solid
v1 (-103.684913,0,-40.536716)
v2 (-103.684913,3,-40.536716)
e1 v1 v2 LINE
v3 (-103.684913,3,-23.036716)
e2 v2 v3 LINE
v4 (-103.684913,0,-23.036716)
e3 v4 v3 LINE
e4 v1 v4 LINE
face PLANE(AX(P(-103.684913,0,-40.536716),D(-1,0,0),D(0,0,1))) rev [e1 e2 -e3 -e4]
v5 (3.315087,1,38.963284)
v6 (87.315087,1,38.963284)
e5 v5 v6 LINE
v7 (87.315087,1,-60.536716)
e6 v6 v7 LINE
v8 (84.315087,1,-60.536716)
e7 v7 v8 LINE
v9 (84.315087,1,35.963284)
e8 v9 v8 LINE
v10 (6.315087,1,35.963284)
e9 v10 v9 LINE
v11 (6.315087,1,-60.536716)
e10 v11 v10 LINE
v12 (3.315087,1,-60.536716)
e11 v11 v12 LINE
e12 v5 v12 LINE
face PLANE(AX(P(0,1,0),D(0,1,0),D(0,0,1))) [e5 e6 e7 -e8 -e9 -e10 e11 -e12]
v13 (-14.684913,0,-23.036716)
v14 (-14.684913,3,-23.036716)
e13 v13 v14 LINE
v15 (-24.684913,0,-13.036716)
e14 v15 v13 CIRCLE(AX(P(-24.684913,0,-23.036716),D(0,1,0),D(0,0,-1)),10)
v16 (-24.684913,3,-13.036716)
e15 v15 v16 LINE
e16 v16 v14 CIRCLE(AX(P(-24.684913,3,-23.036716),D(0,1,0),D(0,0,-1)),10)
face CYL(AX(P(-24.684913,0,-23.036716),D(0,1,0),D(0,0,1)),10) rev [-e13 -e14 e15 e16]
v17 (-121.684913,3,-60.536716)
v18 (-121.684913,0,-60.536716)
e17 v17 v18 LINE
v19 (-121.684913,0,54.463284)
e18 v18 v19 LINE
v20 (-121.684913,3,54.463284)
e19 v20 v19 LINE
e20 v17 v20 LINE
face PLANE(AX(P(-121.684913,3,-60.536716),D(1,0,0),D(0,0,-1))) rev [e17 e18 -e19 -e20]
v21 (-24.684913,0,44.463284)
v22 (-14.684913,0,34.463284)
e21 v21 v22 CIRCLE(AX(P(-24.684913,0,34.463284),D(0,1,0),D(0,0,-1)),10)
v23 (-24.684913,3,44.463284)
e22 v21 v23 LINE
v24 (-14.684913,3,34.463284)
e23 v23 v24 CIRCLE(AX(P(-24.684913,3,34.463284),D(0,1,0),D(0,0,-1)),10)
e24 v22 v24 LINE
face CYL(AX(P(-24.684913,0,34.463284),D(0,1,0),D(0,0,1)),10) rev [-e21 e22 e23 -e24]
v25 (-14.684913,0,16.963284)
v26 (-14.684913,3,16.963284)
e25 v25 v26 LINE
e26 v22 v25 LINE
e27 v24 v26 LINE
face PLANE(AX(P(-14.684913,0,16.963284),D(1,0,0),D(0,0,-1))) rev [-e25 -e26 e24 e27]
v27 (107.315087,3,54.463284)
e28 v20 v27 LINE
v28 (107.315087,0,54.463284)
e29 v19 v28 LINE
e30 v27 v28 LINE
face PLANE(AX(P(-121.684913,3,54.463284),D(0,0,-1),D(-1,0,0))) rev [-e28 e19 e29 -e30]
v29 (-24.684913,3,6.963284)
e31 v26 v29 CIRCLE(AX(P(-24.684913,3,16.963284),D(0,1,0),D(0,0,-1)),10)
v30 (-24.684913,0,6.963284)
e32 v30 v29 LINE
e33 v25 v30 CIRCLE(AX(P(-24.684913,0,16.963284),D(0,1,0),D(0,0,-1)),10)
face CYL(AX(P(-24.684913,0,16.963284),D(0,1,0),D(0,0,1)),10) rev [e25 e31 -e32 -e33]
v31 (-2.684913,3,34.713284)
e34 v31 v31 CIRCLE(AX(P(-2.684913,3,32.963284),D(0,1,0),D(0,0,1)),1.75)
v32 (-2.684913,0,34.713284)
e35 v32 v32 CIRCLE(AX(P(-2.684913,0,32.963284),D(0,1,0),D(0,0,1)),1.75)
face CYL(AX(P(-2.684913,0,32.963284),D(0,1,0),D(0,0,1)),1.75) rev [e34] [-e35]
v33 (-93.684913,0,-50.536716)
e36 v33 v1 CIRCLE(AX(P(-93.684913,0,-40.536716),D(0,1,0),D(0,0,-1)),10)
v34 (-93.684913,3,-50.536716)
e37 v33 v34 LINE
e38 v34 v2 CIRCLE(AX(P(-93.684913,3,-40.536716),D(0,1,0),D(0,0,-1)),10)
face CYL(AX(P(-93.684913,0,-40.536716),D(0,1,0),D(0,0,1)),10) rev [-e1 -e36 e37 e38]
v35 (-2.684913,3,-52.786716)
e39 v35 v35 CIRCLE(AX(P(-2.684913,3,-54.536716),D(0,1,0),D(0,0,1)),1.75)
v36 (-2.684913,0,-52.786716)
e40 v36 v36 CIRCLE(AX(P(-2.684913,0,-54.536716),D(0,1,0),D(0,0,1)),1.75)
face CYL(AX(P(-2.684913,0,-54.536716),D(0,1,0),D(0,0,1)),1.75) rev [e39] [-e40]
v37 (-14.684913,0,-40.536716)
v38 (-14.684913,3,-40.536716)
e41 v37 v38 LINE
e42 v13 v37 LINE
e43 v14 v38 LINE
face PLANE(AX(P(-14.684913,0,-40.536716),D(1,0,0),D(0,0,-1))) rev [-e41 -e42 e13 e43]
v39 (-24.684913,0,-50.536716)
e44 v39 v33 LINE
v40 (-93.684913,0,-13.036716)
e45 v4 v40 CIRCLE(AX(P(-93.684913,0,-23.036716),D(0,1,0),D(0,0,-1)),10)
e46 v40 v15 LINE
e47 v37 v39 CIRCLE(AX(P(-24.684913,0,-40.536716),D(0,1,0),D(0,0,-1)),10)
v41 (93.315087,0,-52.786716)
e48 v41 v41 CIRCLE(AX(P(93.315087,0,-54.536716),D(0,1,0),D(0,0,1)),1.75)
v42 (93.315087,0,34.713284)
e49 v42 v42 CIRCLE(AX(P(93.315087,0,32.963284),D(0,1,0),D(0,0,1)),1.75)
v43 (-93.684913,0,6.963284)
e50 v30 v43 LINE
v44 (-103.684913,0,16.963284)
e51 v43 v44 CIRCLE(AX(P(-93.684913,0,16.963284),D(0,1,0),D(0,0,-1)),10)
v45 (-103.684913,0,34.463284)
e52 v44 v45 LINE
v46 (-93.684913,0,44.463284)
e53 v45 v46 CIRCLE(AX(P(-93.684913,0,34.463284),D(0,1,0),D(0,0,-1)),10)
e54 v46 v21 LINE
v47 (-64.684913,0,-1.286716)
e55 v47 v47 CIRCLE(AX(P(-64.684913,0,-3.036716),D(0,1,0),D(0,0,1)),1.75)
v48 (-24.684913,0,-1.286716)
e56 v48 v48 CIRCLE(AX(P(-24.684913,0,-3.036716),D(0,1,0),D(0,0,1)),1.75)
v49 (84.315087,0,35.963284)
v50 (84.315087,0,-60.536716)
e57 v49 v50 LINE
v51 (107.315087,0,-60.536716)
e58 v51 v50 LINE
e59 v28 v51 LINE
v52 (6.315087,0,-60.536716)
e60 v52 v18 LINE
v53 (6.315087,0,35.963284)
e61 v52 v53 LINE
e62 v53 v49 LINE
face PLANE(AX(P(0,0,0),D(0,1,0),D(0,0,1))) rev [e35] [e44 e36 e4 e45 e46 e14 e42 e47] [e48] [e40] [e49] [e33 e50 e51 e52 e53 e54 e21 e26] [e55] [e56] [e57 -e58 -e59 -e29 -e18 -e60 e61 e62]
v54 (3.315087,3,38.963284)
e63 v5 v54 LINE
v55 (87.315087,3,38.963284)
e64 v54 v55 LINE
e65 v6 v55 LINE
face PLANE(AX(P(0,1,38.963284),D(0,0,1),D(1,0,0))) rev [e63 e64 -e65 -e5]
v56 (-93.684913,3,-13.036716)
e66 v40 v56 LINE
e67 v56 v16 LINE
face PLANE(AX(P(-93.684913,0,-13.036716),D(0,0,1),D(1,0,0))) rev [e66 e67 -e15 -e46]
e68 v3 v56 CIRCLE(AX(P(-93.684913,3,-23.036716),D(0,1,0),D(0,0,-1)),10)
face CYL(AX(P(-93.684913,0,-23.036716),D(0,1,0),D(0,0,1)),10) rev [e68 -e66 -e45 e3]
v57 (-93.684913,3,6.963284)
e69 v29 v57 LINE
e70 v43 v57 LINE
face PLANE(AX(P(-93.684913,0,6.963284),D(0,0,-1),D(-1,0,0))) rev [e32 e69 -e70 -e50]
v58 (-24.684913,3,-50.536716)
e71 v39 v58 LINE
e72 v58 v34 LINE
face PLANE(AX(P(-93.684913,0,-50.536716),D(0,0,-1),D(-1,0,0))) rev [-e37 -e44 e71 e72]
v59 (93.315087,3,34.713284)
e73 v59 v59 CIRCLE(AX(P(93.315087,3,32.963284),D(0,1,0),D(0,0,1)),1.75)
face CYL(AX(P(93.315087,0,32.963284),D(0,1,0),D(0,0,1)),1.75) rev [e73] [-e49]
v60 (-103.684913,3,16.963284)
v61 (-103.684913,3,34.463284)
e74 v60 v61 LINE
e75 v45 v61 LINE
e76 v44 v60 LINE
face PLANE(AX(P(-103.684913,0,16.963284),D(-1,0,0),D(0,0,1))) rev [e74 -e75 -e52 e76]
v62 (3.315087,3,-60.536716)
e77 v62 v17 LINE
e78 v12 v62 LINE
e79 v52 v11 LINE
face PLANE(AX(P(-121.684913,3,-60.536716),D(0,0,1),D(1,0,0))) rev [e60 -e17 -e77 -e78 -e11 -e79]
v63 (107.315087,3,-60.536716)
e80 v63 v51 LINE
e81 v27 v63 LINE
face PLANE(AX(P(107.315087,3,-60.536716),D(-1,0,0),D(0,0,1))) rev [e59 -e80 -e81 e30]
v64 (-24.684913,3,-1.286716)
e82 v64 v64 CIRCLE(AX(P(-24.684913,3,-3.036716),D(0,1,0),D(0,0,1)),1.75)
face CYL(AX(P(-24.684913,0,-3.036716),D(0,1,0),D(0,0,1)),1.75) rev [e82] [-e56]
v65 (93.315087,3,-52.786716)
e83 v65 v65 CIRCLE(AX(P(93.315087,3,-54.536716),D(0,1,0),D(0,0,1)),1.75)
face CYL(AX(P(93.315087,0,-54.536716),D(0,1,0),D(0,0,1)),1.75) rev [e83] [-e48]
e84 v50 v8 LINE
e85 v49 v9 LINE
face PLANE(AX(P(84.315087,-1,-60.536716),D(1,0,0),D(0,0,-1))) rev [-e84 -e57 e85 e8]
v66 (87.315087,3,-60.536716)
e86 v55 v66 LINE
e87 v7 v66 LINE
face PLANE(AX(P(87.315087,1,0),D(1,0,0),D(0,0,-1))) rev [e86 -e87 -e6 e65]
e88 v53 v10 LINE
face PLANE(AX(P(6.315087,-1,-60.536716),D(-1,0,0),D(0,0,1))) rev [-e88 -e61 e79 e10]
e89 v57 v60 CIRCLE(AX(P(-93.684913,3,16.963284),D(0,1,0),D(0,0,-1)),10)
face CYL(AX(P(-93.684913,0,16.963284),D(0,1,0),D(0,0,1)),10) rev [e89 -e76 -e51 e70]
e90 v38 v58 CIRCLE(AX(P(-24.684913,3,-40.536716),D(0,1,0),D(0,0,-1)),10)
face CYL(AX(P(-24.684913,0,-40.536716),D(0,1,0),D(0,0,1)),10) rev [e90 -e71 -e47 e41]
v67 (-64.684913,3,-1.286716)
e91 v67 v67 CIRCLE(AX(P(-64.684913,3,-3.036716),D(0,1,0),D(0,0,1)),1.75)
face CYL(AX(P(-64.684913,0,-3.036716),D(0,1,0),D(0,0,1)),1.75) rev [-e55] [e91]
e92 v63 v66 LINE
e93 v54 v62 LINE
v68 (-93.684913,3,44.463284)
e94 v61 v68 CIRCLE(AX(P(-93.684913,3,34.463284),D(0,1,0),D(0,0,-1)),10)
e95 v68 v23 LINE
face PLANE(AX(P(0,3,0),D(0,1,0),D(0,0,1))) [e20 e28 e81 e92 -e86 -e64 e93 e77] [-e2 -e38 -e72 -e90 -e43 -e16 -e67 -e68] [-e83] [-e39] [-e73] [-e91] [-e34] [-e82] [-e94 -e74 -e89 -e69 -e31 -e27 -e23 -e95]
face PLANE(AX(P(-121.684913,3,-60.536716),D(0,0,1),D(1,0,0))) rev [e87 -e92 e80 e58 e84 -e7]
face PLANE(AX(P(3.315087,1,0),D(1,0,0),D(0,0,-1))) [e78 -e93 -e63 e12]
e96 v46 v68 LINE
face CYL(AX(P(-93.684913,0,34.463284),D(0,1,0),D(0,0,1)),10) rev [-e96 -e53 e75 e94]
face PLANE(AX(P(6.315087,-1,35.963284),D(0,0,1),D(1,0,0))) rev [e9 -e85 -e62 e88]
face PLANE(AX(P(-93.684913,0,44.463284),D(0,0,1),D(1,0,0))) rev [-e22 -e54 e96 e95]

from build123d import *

# Parameters (mm, degrees)
SKETCH_1_W          = 229
SKETCH_1_H          = 115
EXTRUDE_1_DEPTH     = 3
SKETCH_2_W          = 84
SKETCH_2_H          = 99.5
CUT_EXTRUDE_2_DEPTH = 2
SKETCH_4_W          = 78
SKETCH_4_H          = 96.5
CUT_EXTRUDE_3_DEPTH = 2
SKETCH_5_R          = 1.75
CUT_EXTRUDE_4_DEPTH = 3


with BuildPart() as part:
    # 草图1 → 凸台-拉伸1 (new body)
    with BuildSketch(Plane(origin=(0, 0, 0), x_dir=(1, 0, 0), z_dir=(0, 1, 0))):
        with Locations((-7.184913218, 3.036715621)):
            Rectangle(SKETCH_1_W, SKETCH_1_H)
    extrude(amount=EXTRUDE_1_DEPTH)

    # 草图2 → 切除-拉伸2 (cut)
    with BuildSketch(Plane(origin=(0, 3, 0), x_dir=(1, 0, 0), z_dir=(0, 1, 0))):
        with Locations((45.315086782, 10.786715621)):
            Rectangle(SKETCH_2_W, SKETCH_2_H)
    extrude(amount=-CUT_EXTRUDE_2_DEPTH, mode=Mode.SUBTRACT)

    # 草图4 → 切除-拉伸3 (cut)
    with BuildSketch(Plane(origin=(0, 1, 0), x_dir=(1, 0, 0), z_dir=(0, 1, 0))):
        with Locations((45.315086782, 12.286715621)):
            Rectangle(SKETCH_4_W, SKETCH_4_H)
    extrude(amount=-CUT_EXTRUDE_3_DEPTH, mode=Mode.SUBTRACT)

    # 草图5 → 切除-拉伸4 (cut)
    with BuildSketch(Plane(origin=(0, 3, 0), x_dir=(1, 0, 0), z_dir=(0, 1, 0))):
        with Locations(Location((-64.684913218, 3.036715621, 0), (0, 0, 270))):
            Circle(SKETCH_5_R)
        with Locations(Location((-24.684913218, 3.036715621, 0), (0, 0, 270))):
            Circle(SKETCH_5_R)
        with Locations(Location((-2.684913218, 54.536715621, 0), (0, 0, 270))):
            Circle(SKETCH_5_R)
        with Locations(Location((93.315086782, 54.536715621, 0), (0, 0, 270))):
            Circle(SKETCH_5_R)
        with Locations(Location((93.315086782, -32.963284379, 0), (0, 0, 270))):
            Circle(SKETCH_5_R)
        with Locations(Location((-2.684913218, -32.963284379, 0), (0, 0, 270))):
            Circle(SKETCH_5_R)
        with BuildLine():
            Line((-93.684913218, 50.536715621), (-24.684913218, 50.536715621))
            ThreePointArc((-24.684913218, 50.536715621), (-17.613845406, 47.607783433), (-14.684913218, 40.536715621))
            Line((-14.684913218, 40.536715621), (-14.684913218, 23.036715621))
            ThreePointArc((-14.684913218, 23.036715621), (-17.613845406, 15.965647809), (-24.684913218, 13.036715621))
            Line((-24.684913218, 13.036715621), (-93.684913218, 13.036715621))
            ThreePointArc((-93.684913218, 13.036715621), (-100.755981029, 15.965647809), (-103.684913218, 23.036715621))
            Line((-103.684913218, 23.036715621), (-103.684913218, 40.536715621))
            ThreePointArc((-103.684913218, 40.536715621), (-100.755981029, 47.607783433), (-93.684913218, 50.536715621))
        make_face()
        with BuildLine():
            Line((-93.684913218, -6.963284379), (-24.684913218, -6.963284379))
            ThreePointArc((-24.684913218, -6.963284379), (-17.613845406, -9.892216567), (-14.684913218, -16.963284379))
            Line((-14.684913218, -16.963284379), (-14.684913218, -34.463284379))
            ThreePointArc((-14.684913218, -34.463284379), (-17.613845406, -41.534352191), (-24.684913218, -44.463284379))
            Line((-24.684913218, -44.463284379), (-93.684913218, -44.463284379))
            ThreePointArc((-93.684913218, -44.463284379), (-100.755981029, -41.534352191), (-103.684913218, -34.463284379))
            Line((-103.684913218, -34.463284379), (-103.684913218, -16.963284379))
            ThreePointArc((-103.684913218, -16.963284379), (-100.755981029, -9.892216567), (-93.684913218, -6.963284379))
        make_face()
    extrude(amount=-CUT_EXTRUDE_4_DEPTH, mode=Mode.SUBTRACT)


solid = part.part
